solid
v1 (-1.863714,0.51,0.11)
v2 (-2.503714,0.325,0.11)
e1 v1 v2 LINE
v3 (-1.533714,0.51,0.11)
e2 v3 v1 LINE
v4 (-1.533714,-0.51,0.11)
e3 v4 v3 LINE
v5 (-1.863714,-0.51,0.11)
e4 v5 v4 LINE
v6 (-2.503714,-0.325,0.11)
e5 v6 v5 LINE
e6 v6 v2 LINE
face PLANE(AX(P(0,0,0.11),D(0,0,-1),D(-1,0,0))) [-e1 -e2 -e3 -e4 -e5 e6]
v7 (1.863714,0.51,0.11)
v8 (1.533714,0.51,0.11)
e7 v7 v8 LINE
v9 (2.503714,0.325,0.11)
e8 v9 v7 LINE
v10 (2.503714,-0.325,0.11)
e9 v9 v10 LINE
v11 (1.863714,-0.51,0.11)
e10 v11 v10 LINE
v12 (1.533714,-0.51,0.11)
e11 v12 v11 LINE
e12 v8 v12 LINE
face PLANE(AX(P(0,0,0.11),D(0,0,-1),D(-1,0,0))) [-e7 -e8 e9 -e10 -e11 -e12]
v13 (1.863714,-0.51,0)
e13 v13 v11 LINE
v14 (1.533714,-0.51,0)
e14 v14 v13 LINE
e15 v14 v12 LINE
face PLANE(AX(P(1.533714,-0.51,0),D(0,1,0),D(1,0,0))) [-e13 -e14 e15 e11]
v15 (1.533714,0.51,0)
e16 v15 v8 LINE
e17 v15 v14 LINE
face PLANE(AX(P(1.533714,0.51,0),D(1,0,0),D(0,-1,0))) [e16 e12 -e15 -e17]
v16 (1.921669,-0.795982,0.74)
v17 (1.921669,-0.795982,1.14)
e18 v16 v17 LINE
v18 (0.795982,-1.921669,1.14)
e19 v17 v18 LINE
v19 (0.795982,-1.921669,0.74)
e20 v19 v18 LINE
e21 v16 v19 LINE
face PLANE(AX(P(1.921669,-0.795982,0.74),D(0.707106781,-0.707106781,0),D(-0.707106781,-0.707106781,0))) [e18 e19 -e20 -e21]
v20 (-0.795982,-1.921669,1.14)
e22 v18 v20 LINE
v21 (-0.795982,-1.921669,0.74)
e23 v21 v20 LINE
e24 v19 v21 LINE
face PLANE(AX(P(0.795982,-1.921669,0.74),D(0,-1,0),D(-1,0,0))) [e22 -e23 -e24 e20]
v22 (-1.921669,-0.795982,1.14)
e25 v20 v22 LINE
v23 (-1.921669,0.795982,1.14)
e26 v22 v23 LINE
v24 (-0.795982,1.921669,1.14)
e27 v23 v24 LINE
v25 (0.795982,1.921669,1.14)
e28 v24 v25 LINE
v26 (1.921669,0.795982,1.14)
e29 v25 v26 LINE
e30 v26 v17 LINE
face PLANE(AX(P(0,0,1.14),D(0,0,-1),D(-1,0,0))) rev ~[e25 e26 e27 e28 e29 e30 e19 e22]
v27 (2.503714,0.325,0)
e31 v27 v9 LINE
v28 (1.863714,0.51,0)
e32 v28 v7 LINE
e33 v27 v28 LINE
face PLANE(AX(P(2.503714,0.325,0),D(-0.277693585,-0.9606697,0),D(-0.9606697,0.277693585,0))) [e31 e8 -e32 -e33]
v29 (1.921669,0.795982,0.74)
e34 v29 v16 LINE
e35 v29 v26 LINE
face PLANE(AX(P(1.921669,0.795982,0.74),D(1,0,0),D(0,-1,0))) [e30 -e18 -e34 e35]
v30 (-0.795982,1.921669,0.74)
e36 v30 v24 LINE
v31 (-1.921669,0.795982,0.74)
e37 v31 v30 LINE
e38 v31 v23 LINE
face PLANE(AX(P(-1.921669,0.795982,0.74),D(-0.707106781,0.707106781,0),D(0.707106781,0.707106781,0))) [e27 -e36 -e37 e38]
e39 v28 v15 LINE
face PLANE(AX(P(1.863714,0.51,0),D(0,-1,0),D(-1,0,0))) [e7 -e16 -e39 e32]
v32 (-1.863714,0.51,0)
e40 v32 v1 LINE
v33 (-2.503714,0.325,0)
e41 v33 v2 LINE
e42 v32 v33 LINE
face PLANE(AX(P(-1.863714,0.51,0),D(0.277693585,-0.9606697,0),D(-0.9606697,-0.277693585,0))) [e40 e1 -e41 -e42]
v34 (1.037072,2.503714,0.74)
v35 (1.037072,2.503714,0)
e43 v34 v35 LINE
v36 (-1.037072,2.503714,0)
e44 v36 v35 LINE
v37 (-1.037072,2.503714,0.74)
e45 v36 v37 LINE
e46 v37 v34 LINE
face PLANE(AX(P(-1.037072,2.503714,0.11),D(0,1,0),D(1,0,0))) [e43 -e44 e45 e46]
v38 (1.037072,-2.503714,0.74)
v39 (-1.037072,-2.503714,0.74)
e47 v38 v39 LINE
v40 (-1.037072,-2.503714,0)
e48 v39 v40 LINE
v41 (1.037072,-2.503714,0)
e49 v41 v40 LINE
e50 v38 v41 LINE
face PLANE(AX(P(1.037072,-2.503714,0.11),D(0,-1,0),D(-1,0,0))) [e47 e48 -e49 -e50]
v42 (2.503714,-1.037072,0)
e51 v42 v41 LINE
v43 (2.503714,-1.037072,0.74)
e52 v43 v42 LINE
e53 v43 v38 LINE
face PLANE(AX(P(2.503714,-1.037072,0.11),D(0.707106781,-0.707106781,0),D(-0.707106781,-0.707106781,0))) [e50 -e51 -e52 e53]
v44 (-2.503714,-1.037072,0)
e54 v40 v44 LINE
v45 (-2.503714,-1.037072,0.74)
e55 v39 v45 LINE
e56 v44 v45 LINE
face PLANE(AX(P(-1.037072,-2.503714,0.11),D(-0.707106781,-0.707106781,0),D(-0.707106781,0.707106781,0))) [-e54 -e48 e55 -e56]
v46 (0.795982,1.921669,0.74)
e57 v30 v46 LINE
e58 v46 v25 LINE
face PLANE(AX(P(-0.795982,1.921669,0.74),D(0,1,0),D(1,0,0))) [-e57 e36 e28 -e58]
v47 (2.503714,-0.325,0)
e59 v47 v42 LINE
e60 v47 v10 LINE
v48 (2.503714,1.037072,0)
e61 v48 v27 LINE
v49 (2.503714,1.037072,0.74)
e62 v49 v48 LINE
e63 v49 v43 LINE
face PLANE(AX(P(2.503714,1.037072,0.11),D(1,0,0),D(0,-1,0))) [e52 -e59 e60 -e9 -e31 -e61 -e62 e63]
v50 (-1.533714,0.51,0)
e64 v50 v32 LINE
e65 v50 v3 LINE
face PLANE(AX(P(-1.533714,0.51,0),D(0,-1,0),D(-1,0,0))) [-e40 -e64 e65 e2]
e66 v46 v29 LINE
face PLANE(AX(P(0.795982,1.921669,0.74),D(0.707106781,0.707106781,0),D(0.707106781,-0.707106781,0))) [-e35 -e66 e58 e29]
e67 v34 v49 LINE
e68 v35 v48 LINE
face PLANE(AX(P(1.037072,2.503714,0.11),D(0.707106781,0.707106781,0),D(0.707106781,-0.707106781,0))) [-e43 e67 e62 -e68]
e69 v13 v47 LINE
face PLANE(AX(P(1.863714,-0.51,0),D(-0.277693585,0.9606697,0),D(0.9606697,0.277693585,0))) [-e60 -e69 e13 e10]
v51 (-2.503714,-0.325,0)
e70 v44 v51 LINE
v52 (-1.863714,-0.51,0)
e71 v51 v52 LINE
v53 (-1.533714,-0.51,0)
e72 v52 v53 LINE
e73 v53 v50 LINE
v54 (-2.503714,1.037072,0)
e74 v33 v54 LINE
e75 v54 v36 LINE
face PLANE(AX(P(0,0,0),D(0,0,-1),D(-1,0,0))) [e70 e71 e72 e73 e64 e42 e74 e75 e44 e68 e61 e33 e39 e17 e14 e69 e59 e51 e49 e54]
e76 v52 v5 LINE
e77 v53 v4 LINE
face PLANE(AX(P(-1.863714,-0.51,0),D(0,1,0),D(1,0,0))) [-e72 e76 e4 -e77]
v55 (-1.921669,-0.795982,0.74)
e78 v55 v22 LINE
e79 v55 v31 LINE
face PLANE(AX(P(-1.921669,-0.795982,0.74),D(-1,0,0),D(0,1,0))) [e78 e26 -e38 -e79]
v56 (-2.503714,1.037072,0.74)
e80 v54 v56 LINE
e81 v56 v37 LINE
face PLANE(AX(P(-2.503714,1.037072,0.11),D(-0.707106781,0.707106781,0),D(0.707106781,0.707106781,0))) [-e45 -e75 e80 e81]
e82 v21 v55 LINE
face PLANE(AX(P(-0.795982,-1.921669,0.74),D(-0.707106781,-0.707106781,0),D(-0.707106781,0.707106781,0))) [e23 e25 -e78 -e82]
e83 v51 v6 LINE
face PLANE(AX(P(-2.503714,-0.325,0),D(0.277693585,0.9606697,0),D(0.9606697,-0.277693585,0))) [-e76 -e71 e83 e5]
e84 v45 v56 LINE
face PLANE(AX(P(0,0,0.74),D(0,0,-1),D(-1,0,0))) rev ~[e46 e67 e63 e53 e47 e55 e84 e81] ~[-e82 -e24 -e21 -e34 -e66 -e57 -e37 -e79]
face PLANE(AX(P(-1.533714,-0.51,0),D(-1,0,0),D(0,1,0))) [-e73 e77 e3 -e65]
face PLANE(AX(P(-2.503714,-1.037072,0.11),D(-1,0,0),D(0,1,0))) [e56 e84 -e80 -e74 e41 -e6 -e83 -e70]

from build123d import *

# Parameters (mm, degrees)
PAD005_DEPTH = 0.11
PAD006_DEPTH = 0.63
PAD007_DEPTH = 0.4


with BuildPart() as part:
    # Sketch009 → Pad005 (new body)
    with BuildSketch(Plane.XY):
        Polygon((-1.037072, 2.503714), (1.037072, 2.503714), (2.503714, 1.037072), (2.503714, 0.325), (1.863714, 0.51), (1.533714, 0.51), (1.533714, -0.51), (1.863714, -0.51), (2.503714, -0.325), (2.503714, -1.037072), (1.037072, -2.503714), (-1.037072, -2.503714), (-2.503714, -1.037072), (-2.503714, -0.325), (-1.863714, -0.51), (-1.533714, -0.51), (-1.533714, 0.51), (-1.863714, 0.51), (-2.503714, 0.325), (-2.503714, 1.037072), align=None)
    extrude(amount=PAD005_DEPTH)

    # Sketch012 (on Face22 of Pad005) → Pad006 (join)
    with BuildSketch(Plane.XY.offset(0.11)):
        Polygon((-1.037072, 2.503714), (1.037072, 2.503714), (2.503714, 1.037072), (2.503714, -1.037072), (1.037072, -2.503714), (-1.037072, -2.503714), (-2.503714, -1.037072), (-2.503714, 1.037072), align=None)
    extrude(amount=PAD006_DEPTH)

    # Sketch013 (on Face1 of Pad006) → Pad007 (join)
    with BuildSketch(Plane.XY.offset(0.74)):
        Polygon((-0.795982, 1.921669), (0.795982, 1.921669), (1.921669, 0.795982), (1.921669, -0.795982), (0.795982, -1.921669), (-0.795982, -1.921669), (-1.921669, -0.795982), (-1.921669, 0.795982), align=None)
    extrude(amount=PAD007_DEPTH)


solid = part.part
